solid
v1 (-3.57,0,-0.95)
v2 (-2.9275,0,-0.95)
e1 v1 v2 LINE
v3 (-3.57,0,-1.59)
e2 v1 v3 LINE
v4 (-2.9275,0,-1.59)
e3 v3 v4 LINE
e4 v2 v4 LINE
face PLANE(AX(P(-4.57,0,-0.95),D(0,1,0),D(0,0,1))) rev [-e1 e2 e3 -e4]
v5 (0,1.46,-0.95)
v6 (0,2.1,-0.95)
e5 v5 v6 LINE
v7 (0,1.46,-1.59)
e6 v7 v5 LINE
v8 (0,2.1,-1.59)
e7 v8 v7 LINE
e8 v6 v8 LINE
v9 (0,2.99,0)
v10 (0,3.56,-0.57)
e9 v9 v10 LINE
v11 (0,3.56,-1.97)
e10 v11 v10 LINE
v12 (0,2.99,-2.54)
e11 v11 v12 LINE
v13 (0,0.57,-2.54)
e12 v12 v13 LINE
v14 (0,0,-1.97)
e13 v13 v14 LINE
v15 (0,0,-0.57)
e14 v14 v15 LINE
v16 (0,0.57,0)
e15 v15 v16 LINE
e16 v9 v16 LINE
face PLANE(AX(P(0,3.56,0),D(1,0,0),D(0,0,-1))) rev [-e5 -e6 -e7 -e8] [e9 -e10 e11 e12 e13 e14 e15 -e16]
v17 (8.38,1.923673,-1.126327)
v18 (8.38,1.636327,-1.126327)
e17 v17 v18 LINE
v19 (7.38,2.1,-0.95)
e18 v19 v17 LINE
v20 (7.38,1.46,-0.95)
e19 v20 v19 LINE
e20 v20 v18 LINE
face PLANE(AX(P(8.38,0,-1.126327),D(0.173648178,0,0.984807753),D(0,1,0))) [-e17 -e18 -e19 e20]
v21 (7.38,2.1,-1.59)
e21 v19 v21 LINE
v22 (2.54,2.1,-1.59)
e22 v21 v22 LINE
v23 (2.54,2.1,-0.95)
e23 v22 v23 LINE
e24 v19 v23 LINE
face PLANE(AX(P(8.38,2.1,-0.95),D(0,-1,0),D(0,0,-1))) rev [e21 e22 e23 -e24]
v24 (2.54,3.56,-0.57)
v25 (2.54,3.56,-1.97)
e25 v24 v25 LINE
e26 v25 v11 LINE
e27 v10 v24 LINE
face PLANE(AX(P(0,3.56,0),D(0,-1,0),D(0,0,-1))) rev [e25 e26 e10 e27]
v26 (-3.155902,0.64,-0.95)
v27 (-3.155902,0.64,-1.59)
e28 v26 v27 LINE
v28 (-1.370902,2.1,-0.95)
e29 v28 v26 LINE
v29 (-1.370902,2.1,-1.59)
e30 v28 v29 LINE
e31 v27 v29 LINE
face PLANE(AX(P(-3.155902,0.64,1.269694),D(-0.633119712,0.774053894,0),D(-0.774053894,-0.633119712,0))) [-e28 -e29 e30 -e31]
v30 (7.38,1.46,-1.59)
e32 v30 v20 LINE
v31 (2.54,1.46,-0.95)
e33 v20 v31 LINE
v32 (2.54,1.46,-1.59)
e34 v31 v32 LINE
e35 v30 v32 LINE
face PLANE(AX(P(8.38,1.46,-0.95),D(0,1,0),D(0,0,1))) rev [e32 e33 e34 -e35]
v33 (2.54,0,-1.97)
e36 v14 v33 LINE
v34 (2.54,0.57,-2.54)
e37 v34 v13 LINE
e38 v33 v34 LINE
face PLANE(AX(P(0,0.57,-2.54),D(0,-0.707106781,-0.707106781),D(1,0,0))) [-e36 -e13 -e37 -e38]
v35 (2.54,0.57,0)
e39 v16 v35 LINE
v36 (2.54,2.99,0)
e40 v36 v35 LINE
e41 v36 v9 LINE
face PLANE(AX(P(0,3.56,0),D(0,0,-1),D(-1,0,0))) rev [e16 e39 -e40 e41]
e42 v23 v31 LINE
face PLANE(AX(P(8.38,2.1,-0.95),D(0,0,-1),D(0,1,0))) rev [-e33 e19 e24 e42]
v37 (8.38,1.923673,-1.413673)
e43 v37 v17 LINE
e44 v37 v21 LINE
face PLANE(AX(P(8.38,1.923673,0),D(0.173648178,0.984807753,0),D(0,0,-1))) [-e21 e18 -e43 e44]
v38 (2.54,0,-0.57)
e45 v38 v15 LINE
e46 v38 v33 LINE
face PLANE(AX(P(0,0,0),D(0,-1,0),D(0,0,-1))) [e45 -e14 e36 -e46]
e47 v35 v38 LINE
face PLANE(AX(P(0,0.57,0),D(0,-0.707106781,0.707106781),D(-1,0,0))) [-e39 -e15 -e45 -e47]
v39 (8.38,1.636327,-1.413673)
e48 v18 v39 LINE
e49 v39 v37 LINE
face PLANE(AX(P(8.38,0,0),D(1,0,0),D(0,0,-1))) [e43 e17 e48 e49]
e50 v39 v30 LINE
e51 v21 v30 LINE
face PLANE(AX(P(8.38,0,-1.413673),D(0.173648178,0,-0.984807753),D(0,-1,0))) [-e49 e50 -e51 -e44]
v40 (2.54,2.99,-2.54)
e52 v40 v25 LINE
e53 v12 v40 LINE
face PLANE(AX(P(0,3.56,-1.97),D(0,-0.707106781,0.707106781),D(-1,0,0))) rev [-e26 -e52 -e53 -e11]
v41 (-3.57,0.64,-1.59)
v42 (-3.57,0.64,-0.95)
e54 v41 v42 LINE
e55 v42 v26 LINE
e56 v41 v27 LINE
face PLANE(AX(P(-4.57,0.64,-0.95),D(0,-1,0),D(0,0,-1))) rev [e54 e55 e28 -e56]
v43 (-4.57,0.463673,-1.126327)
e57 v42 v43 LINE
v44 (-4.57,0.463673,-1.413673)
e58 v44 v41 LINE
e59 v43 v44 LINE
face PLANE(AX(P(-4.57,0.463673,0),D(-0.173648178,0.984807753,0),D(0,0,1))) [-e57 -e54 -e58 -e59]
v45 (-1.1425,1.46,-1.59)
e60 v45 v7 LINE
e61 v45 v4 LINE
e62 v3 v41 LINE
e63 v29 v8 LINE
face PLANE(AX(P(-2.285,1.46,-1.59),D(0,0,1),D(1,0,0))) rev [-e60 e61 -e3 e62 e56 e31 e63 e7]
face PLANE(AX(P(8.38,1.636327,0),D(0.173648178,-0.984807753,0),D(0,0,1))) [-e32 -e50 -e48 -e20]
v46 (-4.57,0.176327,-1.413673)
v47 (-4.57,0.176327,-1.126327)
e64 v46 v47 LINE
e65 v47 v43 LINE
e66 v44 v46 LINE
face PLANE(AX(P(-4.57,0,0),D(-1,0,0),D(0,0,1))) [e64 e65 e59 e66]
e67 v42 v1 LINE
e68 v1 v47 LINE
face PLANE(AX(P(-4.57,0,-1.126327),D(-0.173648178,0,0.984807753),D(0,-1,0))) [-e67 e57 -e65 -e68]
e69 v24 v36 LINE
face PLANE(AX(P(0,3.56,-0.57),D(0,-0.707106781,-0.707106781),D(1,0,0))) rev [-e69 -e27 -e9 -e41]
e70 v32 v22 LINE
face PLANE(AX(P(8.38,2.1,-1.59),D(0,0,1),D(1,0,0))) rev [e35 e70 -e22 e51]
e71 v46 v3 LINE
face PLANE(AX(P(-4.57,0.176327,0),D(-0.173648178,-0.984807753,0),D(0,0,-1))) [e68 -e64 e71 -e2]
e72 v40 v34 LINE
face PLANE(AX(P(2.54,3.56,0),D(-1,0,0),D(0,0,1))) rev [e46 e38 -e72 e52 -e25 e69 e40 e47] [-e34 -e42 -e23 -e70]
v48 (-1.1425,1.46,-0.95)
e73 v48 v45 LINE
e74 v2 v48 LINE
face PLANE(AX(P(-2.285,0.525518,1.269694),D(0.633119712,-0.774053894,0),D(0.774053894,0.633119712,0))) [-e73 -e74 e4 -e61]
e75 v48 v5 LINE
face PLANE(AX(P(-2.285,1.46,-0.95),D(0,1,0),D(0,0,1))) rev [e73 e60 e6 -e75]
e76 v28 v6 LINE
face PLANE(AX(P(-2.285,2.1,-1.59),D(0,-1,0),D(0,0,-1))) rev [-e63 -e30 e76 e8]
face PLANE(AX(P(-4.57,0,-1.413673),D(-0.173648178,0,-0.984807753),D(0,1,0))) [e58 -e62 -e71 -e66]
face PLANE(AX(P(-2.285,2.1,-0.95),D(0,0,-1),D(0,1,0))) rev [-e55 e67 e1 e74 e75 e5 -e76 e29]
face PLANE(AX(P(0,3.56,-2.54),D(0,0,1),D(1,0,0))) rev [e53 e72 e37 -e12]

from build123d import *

# Parameters (mm, degrees)
SKETCH1_W               = 2.54
SKETCH1_H               = 2.54
BOSS_EXTRUDE1_DEPTH     = 3.56
SKETCH2_W               = 0.64
SKETCH2_H               = 0.64
BOSS_EXTRUDE2_DEPTH     = 5.84
CHAMFER1_SIZE           = 0.57
CHAMFER2_SIZE           = 1
CHAMFER2_SIZE2          = 0.176326981
CHAMFER2_PART_2_SIZE    = 1
CHAMFER2_PART_2_SIZE2   = 0.176326981
CHAMFER2_PART_3_SIZE    = 1
CHAMFER2_PART_3_SIZE2   = 0.176326981
CHAMFER2_PART_4_SIZE    = 1
CHAMFER2_PART_4_SIZE2   = 0.176326981
SKETCH3_W               = 0.64
SKETCH3_H               = 0.64
BOSS_EXTRUDE3_DEPTH     = 2.285
SKETCH4_W               = 0.64
SKETCH4_H               = 0.64
BOSS_EXTRUDE4_DEPTH     = 2.285
CHAMFER3_SIZE           = 1
CHAMFER3_SIZE2          = 0.176326981
CHAMFER3_PART_2_SIZE    = 1
CHAMFER3_PART_2_SIZE2   = 0.176326981
CHAMFER3_PART_3_SIZE    = 1
CHAMFER3_PART_3_SIZE2   = 0.176326981
CHAMFER3_PART_4_SIZE    = 1
CHAMFER3_PART_4_SIZE2   = 0.176326981
BOSS_EXTRUDE5_DEPTH     = 0.64
CUT_EXTRUDE1_DEPTH      = 1.95
CUT_EXTRUDE1_DEPTH_BACK = 2.59


with BuildPart() as part:
    # Sketch1 → Boss-Extrude1 (new body)
    with BuildSketch(Plane(origin=(0, 0, 0), x_dir=(1, 0, 0), z_dir=(0, 1, 0))):
        with Locations((1.27, 1.27)):
            Rectangle(SKETCH1_W, SKETCH1_H)
    extrude(amount=BOSS_EXTRUDE1_DEPTH)

    # Sketch2 → Boss-Extrude2 (add)
    with BuildSketch(Plane(origin=(2.54, 0, 0), x_dir=(0, 0, -1), z_dir=(1, 0, 0))):
        with Locations((1.27, 1.78)):
            Rectangle(SKETCH2_W, SKETCH2_H)
    extrude(amount=BOSS_EXTRUDE2_DEPTH)

    # Chamfer1
    chamfer1_edges = [part.edges().sort_by_distance(p)[0] for p in [
        (1.27, 3.56, -2.54),
        (1.27, 0, -2.54),
        (1.27, 0, 0),
        (1.27, 3.56, 0),
    ]]
    chamfer(chamfer1_edges, length=CHAMFER1_SIZE)

    # Chamfer2
    chamfer2_edges = [part.edges().sort_by_distance(p)[0] for p in [
        (8.38, 1.78, -0.95),
    ]]
    chamfer2_side = [part.faces().sort_by_distance(p)[0] for p in [
        (5.46, 1.78, -0.95),
    ]]
    chamfer(chamfer2_edges, length=CHAMFER2_SIZE, length2=CHAMFER2_SIZE2, reference=chamfer2_side[0])

    # Chamfer2 part 2
    chamfer2_part_2_edges = [part.edges().sort_by_distance(p)[0] for p in [
        (8.38, 1.46, -1.27),
    ]]
    chamfer2_part_2_side = [part.faces().sort_by_distance(p)[0] for p in [
        (5.46, 1.46, -1.27),
    ]]
    chamfer(chamfer2_part_2_edges, length=CHAMFER2_PART_2_SIZE, length2=CHAMFER2_PART_2_SIZE2, reference=chamfer2_part_2_side[0])

    # Chamfer2 part 3
    chamfer2_part_3_edges = [part.edges().sort_by_distance(p)[0] for p in [
        (8.38, 1.78, -1.59),
    ]]
    chamfer2_part_3_side = [part.faces().sort_by_distance(p)[0] for p in [
        (5.46, 1.78, -1.59),
    ]]
    chamfer(chamfer2_part_3_edges, length=CHAMFER2_PART_3_SIZE, length2=CHAMFER2_PART_3_SIZE2, reference=chamfer2_part_3_side[0])

    # Chamfer2 part 4
    chamfer2_part_4_edges = [part.edges().sort_by_distance(p)[0] for p in [
        (8.38, 2.1, -1.27),
    ]]
    chamfer2_part_4_side = [part.faces().sort_by_distance(p)[0] for p in [
        (5.46, 2.1, -1.27),
    ]]
    chamfer(chamfer2_part_4_edges, length=CHAMFER2_PART_4_SIZE, length2=CHAMFER2_PART_4_SIZE2, reference=chamfer2_part_4_side[0])

    # Sketch3 → Boss-Extrude3 (add)
    with BuildSketch(Plane.ZY):
        with Locations((-1.27, 1.78)):
            Rectangle(SKETCH3_W, SKETCH3_H)
    extrude(amount=BOSS_EXTRUDE3_DEPTH)



with BuildPart() as body_2:
    # Sketch4 → Boss-Extrude4 (new body)
    with BuildSketch(Plane.ZY.offset(2.285)):
        with Locations((-1.27, 0.32)):
            Rectangle(SKETCH4_W, SKETCH4_H)
    extrude(amount=BOSS_EXTRUDE4_DEPTH)

    # Chamfer3
    chamfer3_edges = [body_2.edges().sort_by_distance(p)[0] for p in [
        (-4.57, 0.32, -1.59),
    ]]
    chamfer3_side = [body_2.faces().sort_by_distance(p)[0] for p in [
        (-3.4275, 0.32, -1.59),
    ]]
    chamfer(chamfer3_edges, length=CHAMFER3_SIZE, length2=CHAMFER3_SIZE2, reference=chamfer3_side[0])

    # Chamfer3 part 2
    chamfer3_part_2_edges = [body_2.edges().sort_by_distance(p)[0] for p in [
        (-4.57, 0, -1.27),
    ]]
    chamfer3_part_2_side = [body_2.faces().sort_by_distance(p)[0] for p in [
        (-3.4275, 0, -1.27),
    ]]
    chamfer(chamfer3_part_2_edges, length=CHAMFER3_PART_2_SIZE, length2=CHAMFER3_PART_2_SIZE2, reference=chamfer3_part_2_side[0])

    # Chamfer3 part 3
    chamfer3_part_3_edges = [body_2.edges().sort_by_distance(p)[0] for p in [
        (-4.57, 0.32, -0.95),
    ]]
    chamfer3_part_3_side = [body_2.faces().sort_by_distance(p)[0] for p in [
        (-3.4275, 0.32, -0.95),
    ]]
    chamfer(chamfer3_part_3_edges, length=CHAMFER3_PART_3_SIZE, length2=CHAMFER3_PART_3_SIZE2, reference=chamfer3_part_3_side[0])

    # Chamfer3 part 4
    chamfer3_part_4_edges = [body_2.edges().sort_by_distance(p)[0] for p in [
        (-4.57, 0.64, -1.27),
    ]]
    chamfer3_part_4_side = [body_2.faces().sort_by_distance(p)[0] for p in [
        (-3.4275, 0.64, -1.27),
    ]]
    chamfer(chamfer3_part_4_edges, length=CHAMFER3_PART_4_SIZE, length2=CHAMFER3_PART_4_SIZE2, reference=chamfer3_part_4_side[0])


with BuildPart() as part_1:
    add(part.part)

    add(body_2.part)  # Boss-Extrude5 merges body 2
    # Sketch5 → Boss-Extrude5 (add)
    with BuildSketch(Plane(origin=(0, 0, -1.59), x_dir=(-1, 0, 0), z_dir=(0, 0, -1))):
        Polygon((2.285, 0.525518207), (1.1425, 1.46), (2.153367279, 1.46), (3.155901525, 0.64), (2.285, 0.64), align=None)
    extrude(amount=-BOSS_EXTRUDE5_DEPTH)

    # Sketch6 → Cut-Extrude1 (cut, two sides)
    with BuildSketch(Plane(origin=(0, 0, -1.59), x_dir=(-1, 0, 0), z_dir=(0, 0, -1))) as cut_extrude1_sk:
        Polygon((2.153367279, 1.46), (1.370901525, 2.1), (2.285, 2.1), (2.285, 1.46), align=None)
        Polygon((2.285, 0.525518207), (2.9275, 0), (2.285, 0), align=None)
    extrude(amount=CUT_EXTRUDE1_DEPTH, mode=Mode.SUBTRACT)
    extrude(cut_extrude1_sk.sketch, amount=-CUT_EXTRUDE1_DEPTH_BACK, mode=Mode.SUBTRACT)


solid = part_1.part
